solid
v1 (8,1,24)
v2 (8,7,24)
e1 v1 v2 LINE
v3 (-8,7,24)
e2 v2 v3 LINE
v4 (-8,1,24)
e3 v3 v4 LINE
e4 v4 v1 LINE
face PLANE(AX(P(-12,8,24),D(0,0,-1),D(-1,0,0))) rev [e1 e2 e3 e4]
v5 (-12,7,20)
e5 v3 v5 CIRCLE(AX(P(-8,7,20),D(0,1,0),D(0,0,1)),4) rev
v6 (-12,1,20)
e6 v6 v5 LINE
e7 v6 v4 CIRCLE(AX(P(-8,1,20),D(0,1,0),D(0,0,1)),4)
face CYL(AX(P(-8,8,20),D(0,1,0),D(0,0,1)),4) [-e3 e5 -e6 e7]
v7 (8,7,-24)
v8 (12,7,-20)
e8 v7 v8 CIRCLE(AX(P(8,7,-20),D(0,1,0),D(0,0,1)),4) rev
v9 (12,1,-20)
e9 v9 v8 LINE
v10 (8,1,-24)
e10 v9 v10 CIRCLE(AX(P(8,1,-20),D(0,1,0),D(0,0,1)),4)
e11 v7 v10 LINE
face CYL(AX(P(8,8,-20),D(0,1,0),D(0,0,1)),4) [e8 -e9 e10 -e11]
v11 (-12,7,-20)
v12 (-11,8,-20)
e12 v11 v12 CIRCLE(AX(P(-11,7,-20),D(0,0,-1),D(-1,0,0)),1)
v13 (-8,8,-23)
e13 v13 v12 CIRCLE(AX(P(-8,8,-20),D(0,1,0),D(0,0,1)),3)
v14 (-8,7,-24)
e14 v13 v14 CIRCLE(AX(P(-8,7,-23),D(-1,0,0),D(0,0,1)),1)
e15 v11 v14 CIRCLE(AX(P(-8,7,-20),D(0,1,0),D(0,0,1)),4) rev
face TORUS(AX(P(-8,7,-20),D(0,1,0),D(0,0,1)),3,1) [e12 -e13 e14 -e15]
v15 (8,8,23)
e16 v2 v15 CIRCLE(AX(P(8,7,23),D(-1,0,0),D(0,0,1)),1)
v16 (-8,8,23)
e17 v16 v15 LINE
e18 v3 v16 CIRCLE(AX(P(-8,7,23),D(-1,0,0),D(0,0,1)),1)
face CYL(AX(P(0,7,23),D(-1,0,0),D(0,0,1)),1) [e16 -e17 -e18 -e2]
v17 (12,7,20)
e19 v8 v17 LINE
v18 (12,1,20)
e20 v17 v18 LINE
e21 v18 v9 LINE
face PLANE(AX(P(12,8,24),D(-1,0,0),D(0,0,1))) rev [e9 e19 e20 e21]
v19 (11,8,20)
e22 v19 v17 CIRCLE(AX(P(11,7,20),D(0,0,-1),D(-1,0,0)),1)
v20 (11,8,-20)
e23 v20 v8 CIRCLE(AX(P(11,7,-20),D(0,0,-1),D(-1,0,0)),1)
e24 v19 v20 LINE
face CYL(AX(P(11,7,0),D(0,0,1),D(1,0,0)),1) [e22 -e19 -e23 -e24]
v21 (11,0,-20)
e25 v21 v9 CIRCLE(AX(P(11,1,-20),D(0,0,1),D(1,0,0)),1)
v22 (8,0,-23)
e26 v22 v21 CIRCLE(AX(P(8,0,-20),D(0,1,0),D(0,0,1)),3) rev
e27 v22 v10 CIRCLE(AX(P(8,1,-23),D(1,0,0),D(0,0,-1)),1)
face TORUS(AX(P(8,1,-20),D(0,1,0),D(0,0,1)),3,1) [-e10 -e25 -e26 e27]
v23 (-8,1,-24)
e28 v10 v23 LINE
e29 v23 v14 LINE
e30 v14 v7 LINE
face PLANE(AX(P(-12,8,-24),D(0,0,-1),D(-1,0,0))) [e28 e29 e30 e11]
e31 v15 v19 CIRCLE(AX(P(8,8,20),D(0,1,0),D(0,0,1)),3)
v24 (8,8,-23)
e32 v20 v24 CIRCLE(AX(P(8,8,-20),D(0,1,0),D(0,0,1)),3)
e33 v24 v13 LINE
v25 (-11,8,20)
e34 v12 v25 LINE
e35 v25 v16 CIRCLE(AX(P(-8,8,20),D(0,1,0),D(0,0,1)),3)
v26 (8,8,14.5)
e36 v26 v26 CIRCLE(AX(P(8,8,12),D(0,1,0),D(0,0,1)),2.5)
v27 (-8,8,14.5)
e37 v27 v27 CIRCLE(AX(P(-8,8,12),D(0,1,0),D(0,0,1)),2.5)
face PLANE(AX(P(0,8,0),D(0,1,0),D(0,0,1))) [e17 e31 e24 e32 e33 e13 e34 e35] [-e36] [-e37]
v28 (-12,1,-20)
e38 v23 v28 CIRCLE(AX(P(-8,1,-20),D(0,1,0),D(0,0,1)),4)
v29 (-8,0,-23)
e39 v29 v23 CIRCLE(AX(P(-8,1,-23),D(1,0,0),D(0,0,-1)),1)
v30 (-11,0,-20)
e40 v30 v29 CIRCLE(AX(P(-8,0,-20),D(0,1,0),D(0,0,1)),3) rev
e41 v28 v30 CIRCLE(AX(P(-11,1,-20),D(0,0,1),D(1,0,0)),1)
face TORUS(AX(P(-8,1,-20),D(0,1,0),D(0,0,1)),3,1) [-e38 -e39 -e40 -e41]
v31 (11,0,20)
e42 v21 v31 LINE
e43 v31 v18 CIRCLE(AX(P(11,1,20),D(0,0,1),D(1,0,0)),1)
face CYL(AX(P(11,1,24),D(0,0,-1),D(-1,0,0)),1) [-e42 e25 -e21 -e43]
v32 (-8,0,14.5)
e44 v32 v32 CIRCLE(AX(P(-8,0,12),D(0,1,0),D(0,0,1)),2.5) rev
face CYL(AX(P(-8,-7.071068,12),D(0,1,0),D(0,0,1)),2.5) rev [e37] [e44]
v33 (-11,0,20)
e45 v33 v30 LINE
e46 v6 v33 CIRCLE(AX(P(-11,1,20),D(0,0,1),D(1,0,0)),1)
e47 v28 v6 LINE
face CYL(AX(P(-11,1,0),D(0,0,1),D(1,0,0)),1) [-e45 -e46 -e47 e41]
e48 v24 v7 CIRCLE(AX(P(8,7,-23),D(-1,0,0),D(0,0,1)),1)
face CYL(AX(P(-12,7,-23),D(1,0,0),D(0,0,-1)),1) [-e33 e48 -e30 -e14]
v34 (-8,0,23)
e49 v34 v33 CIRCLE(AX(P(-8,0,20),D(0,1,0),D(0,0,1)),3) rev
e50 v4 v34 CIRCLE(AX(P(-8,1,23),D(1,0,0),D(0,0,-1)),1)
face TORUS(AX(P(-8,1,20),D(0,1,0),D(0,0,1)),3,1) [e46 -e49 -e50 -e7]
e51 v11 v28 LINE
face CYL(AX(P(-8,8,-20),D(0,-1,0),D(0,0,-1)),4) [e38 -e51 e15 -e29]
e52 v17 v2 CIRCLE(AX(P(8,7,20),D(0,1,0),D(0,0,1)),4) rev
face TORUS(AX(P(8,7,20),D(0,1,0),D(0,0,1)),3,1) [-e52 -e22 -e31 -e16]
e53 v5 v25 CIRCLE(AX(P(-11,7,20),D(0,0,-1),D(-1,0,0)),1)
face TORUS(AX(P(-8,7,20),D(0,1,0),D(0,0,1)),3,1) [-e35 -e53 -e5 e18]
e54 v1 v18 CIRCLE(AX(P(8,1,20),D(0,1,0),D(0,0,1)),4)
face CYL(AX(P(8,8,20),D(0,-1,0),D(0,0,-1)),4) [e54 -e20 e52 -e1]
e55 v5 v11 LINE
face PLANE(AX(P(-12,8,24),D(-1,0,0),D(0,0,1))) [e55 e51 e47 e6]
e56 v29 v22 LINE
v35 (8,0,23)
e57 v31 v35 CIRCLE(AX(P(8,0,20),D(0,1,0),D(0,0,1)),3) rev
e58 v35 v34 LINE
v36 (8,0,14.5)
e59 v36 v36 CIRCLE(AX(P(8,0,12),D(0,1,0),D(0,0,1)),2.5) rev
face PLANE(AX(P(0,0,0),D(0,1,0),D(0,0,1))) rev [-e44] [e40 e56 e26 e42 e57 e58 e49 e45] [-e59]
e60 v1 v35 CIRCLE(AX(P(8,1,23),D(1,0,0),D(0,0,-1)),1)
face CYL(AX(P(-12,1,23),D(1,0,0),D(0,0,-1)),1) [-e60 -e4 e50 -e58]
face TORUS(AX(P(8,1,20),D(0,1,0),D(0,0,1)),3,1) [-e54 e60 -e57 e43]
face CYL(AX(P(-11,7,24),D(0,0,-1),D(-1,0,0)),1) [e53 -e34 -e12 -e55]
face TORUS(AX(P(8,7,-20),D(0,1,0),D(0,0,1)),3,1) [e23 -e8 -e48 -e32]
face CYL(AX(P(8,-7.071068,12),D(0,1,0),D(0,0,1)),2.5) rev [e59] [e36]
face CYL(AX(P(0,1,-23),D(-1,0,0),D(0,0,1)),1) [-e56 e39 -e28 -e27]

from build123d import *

# Parameters (mm, degrees)
SKETCH1_W           = 24
SKETCH1_H           = 48
BOSS_EXTRUDE1_DEPTH = 8
FILLET2_R           = 4
SKETCH2_R           = 2.5
CUT_EXTRUDE1_DEPTH  = 8
FILLET3_R           = 1


with BuildPart() as part:
    # Sketch1 → Boss-Extrude1 (new body)
    with BuildSketch(Plane(origin=(0, 0, 0), x_dir=(1, 0, 0), z_dir=(0, 1, 0))):
        Rectangle(SKETCH1_W, SKETCH1_H)
    extrude(amount=BOSS_EXTRUDE1_DEPTH)

    # Fillet2
    fillet2_edges = [part.edges().sort_by_distance(p)[0] for p in [
        (-12, 4, 24),
        (-12, 4, -24),
        (12, 4, -24),
        (12, 4, 24),
    ]]
    fillet(fillet2_edges, radius=FILLET2_R)

    # Sketch2 → Cut-Extrude1 (cut)
    with BuildSketch(Plane(origin=(0, 8, 0), x_dir=(1, 0, 0), z_dir=(0, 1, 0))):
        with Locations(Location((8, -12, 0), (0, 0, 270))):
            Circle(SKETCH2_R)
        with Locations(Location((-8, -12, 0), (0, 0, 270))):
            Circle(SKETCH2_R)
    extrude(amount=-CUT_EXTRUDE1_DEPTH, mode=Mode.SUBTRACT)

    # Fillet3
    fillet3_edges = [part.edges().sort_by_distance(p)[0] for p in [
        (0, 0, 24),
        (0, 8, 24),
        (-12, 0, 0),
        (0, 0, -24),
        (12, 0, 0),
        (10.828427125, 0, -22.828427125),
        (10.828427125, 0, 22.828427125),
        (-10.828427125, 0, -22.828427125),
        (-10.828427125, 0, 22.828427125),
        (-12, 8, 0),
        (12, 8, 0),
        (0, 8, -24),
        (10.828427125, 8, -22.828427125),
        (10.828427125, 8, 22.828427125),
        (-10.828427125, 8, -22.828427125),
        (-10.828427125, 8, 22.828427125),
    ]]
    fillet(fillet3_edges, radius=FILLET3_R)


solid = part.part
